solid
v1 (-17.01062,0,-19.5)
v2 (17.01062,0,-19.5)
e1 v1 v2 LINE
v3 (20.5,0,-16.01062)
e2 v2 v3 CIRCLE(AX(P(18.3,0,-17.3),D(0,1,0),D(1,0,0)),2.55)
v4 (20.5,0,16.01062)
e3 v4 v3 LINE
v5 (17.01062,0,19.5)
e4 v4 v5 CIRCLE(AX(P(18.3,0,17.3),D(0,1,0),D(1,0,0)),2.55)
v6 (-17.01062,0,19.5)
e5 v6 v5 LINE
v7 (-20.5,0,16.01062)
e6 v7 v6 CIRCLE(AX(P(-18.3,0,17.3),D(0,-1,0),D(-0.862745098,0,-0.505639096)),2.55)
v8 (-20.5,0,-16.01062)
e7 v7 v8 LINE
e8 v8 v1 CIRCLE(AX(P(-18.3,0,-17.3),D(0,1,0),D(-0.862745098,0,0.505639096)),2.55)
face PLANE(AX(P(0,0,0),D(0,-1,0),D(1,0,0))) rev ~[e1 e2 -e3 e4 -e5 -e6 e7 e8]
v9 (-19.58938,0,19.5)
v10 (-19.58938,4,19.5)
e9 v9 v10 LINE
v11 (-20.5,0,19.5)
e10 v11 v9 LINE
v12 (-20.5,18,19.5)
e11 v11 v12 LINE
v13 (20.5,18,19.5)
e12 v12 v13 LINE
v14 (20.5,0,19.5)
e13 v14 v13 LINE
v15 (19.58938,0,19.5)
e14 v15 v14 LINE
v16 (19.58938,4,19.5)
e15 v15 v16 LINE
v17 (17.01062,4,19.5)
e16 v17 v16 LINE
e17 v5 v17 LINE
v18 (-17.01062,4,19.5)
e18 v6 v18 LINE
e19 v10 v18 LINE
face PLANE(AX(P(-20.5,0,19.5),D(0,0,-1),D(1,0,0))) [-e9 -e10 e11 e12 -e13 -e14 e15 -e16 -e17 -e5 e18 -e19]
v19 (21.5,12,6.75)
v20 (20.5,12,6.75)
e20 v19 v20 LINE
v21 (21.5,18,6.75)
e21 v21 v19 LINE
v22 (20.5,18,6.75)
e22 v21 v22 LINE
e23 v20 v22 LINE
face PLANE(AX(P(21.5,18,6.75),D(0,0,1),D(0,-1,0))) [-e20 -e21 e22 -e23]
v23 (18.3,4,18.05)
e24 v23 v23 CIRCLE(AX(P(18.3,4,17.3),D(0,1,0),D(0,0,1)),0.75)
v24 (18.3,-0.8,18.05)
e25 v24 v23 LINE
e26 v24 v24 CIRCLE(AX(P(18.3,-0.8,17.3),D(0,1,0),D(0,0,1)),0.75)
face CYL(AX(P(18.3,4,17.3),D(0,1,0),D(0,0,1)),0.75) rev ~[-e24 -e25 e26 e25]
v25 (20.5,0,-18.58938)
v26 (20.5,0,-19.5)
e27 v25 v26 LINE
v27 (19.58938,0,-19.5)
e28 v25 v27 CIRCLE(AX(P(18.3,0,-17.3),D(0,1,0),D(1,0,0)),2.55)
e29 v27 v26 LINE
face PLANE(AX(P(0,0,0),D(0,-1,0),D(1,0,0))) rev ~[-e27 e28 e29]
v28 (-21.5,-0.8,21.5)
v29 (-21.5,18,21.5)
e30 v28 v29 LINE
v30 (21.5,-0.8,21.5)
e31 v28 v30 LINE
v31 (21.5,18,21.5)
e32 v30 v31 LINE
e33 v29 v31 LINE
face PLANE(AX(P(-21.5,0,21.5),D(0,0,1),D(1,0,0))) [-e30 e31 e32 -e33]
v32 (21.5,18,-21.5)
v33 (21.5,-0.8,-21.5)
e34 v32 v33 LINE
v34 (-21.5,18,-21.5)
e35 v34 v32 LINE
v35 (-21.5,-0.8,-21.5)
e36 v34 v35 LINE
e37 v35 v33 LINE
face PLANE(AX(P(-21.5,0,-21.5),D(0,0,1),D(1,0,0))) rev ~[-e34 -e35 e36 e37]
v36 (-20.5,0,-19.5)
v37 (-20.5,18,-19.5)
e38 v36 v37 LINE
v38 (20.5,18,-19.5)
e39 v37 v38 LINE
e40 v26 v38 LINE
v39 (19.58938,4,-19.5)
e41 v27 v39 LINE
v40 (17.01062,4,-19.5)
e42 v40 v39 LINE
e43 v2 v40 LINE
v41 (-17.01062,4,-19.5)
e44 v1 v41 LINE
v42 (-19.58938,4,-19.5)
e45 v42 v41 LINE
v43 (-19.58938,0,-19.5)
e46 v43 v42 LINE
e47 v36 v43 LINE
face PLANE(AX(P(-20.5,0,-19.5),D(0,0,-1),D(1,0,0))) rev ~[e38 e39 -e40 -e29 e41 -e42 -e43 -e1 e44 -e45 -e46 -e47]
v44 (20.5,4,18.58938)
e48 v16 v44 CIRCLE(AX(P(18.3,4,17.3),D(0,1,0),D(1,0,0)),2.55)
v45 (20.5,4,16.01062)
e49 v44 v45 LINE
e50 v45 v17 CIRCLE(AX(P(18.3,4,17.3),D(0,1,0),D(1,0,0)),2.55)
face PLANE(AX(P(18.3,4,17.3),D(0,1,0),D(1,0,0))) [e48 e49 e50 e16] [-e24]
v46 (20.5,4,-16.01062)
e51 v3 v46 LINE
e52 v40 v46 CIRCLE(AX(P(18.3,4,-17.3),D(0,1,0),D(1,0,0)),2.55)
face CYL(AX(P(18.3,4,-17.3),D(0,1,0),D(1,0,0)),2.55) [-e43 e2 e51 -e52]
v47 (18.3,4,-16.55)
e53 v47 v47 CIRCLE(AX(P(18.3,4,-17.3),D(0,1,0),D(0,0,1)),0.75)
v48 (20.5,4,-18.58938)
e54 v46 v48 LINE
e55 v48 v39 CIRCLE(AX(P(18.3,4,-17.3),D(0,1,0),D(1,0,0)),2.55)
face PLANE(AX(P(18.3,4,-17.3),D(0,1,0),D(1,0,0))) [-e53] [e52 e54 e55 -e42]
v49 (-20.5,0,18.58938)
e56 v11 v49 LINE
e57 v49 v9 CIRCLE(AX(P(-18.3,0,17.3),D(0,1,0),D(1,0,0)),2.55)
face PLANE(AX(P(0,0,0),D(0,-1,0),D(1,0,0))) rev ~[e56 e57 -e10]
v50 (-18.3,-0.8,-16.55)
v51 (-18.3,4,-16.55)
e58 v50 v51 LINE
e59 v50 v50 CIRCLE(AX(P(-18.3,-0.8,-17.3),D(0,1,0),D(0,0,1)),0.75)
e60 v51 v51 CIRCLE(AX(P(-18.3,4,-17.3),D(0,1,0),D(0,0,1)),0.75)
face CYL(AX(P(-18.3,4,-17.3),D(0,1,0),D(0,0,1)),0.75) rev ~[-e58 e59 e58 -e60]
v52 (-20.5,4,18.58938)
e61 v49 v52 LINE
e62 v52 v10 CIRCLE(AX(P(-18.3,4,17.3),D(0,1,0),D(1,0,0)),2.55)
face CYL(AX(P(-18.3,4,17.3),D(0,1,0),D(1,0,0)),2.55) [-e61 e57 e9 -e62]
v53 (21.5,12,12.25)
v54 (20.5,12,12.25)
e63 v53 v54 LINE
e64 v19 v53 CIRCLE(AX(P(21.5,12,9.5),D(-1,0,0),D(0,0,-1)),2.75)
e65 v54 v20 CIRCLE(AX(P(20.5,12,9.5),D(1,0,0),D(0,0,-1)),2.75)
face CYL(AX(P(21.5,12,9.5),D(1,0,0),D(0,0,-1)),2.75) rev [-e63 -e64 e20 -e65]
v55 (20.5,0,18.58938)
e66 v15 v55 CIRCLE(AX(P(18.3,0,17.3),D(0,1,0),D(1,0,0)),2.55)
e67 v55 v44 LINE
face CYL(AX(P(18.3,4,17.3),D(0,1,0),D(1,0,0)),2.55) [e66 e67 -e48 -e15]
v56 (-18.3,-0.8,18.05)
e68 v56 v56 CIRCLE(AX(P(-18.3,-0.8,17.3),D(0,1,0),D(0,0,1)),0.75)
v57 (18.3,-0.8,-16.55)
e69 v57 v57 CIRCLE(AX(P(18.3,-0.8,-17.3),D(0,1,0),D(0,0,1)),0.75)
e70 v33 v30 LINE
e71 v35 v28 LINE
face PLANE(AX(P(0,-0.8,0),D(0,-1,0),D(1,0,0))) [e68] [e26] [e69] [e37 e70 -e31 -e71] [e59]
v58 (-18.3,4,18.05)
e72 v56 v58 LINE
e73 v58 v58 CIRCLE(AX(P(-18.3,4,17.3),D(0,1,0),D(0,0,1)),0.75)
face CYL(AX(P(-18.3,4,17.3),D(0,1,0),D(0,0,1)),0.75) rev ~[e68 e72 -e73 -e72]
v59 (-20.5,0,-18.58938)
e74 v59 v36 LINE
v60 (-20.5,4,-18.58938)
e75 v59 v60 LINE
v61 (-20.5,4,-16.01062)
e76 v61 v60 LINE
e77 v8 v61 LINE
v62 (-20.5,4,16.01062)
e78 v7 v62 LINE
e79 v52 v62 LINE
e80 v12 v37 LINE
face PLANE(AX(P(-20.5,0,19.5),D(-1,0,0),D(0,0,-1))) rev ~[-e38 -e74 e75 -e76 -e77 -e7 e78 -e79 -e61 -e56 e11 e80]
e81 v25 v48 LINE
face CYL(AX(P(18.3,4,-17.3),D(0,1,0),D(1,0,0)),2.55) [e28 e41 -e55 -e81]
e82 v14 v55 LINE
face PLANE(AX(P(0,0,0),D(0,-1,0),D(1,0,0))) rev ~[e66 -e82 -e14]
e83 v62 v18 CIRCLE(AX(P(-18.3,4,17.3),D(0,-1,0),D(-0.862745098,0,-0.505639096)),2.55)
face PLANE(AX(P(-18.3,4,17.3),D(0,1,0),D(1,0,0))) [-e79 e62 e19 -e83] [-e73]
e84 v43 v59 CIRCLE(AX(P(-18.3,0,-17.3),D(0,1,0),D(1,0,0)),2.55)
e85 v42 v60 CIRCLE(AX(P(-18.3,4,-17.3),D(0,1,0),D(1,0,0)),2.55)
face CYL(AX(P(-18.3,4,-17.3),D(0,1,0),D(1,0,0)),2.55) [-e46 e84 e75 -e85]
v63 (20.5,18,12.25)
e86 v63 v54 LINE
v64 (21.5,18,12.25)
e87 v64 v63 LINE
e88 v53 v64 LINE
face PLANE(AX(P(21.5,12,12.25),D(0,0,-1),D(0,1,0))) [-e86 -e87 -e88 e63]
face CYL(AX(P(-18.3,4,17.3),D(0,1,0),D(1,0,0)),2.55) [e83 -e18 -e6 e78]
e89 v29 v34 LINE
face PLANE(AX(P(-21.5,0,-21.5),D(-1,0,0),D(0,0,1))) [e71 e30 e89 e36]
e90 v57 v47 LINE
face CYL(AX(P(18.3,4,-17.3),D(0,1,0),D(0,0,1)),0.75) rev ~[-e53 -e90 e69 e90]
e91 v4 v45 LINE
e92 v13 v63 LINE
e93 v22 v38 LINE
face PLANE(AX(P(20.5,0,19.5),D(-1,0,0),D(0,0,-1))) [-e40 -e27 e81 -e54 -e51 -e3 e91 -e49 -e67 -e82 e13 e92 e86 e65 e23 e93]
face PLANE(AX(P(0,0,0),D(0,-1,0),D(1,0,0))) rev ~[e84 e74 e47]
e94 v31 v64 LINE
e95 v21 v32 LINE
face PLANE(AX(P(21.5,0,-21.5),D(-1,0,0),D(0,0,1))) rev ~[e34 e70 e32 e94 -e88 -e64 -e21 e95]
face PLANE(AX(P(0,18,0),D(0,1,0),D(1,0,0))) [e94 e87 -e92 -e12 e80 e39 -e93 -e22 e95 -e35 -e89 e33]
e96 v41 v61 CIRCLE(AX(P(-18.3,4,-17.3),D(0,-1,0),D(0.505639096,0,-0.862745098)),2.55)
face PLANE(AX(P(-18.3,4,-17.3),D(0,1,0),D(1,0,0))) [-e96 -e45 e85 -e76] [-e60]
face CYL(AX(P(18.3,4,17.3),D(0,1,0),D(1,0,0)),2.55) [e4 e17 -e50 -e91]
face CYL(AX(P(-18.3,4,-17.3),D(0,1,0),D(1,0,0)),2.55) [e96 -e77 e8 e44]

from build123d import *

# Parameters (mm, degrees)
SKETCH1_W           = 43
SKETCH1_H           = 43
SKETCH1_W_2         = 41
SKETCH1_H_2         = 39
BOSS_EXTRUDE1_DEPTH = 18
SKETCH2_W           = 43
SKETCH2_H           = 43
BOSS_EXTRUDE2_DEPTH = 0.8
SKETCH3_R           = 0.75
CUT_EXTRUDE1_DEPTH  = 10.8
BOSS_EXTRUDE3_START = 4
SKETCH4_R           = 2.55
SKETCH4_R_2         = 0.75
BOSS_EXTRUDE3_DEPTH = 4
CUT_EXTRUDE2_DEPTH  = 4


with BuildPart() as part:
    # Sketch1 → Boss-Extrude1 (new body)
    with BuildSketch(Plane(origin=(0, 0, 0), x_dir=(1, 0, 0), z_dir=(0, 1, 0))):
        Rectangle(SKETCH1_W, SKETCH1_H)
        Rectangle(SKETCH1_W_2, SKETCH1_H_2, mode=Mode.SUBTRACT)
    extrude(amount=BOSS_EXTRUDE1_DEPTH)

    # Sketch2 → Boss-Extrude2 (add)
    with BuildSketch(Plane.XZ):
        Rectangle(SKETCH2_W, SKETCH2_H)
    extrude(amount=BOSS_EXTRUDE2_DEPTH)

    # Sketch3 → Cut-Extrude1 (cut)
    with BuildSketch(Plane(origin=(0, 0, 0), x_dir=(1, 0, 0), z_dir=(0, 1, 0))):
        with Locations(Location((18.3, 17.3, 0), (0, 0, 270))):
            Circle(SKETCH3_R)
        with Locations(Location((-18.3, 17.3, 0), (0, 0, 270))):
            Circle(SKETCH3_R)
        with Locations(Location((-18.3, -17.3, 0), (0, 0, 270))):
            Circle(SKETCH3_R)
        with Locations(Location((18.3, -17.3, 0), (0, 0, 270))):
            Circle(SKETCH3_R)
    extrude(amount=-CUT_EXTRUDE1_DEPTH, mode=Mode.SUBTRACT)

    # Sketch4 → Boss-Extrude3 (add)
    # profile 1 of 4: a face of its own
    with BuildSketch(Plane(origin=(0, 0, 0), x_dir=(1, 0, 0), z_dir=(0, 1, 0)).offset(BOSS_EXTRUDE3_START)):
        with Locations((-18.3, 17.3)):
            Circle(SKETCH4_R)
        with Locations(Location((-18.3, 17.3, 0), (0, 0, 270))):
            Circle(SKETCH4_R_2, mode=Mode.SUBTRACT)
    # profile 2 of 4: a face of its own
    with BuildSketch(Plane(origin=(0, 0, 0), x_dir=(1, 0, 0), z_dir=(0, 1, 0)).offset(BOSS_EXTRUDE3_START)):
        with Locations((18.3, 17.3)):
            Circle(SKETCH4_R)
        with Locations(Location((18.3, 17.3, 0), (0, 0, 270))):
            Circle(SKETCH4_R_2, mode=Mode.SUBTRACT)
    # profile 3 of 4: a face of its own
    with BuildSketch(Plane(origin=(0, 0, 0), x_dir=(1, 0, 0), z_dir=(0, 1, 0)).offset(BOSS_EXTRUDE3_START)):
        with Locations((18.3, -17.3)):
            Circle(SKETCH4_R)
        with Locations(Location((18.3, -17.3, 0), (0, 0, 270))):
            Circle(SKETCH4_R_2, mode=Mode.SUBTRACT)
    # profile 4 of 4: a face of its own
    with BuildSketch(Plane(origin=(0, 0, 0), x_dir=(1, 0, 0), z_dir=(0, 1, 0)).offset(BOSS_EXTRUDE3_START)):
        with Locations((-18.3, -17.3)):
            Circle(SKETCH4_R)
        with Locations(Location((-18.3, -17.3, 0), (0, 0, 270))):
            Circle(SKETCH4_R_2, mode=Mode.SUBTRACT)
    extrude(amount=-BOSS_EXTRUDE3_DEPTH)

    # Sketch5 → Cut-Extrude2 (cut)
    with BuildSketch(Plane(origin=(21.5, 0, 0), x_dir=(0, 0, -1), z_dir=(1, 0, 0))):
        with BuildLine():
            Line((-12.25, 12), (-12.25, 18))
            Line((-12.25, 18), (-6.75, 18))
            Line((-6.75, 18), (-6.75, 12))
            ThreePointArc((-6.75, 12), (-9.5, 9.25), (-12.25, 12))
        make_face()
    extrude(amount=-CUT_EXTRUDE2_DEPTH, mode=Mode.SUBTRACT)


solid = part.part
